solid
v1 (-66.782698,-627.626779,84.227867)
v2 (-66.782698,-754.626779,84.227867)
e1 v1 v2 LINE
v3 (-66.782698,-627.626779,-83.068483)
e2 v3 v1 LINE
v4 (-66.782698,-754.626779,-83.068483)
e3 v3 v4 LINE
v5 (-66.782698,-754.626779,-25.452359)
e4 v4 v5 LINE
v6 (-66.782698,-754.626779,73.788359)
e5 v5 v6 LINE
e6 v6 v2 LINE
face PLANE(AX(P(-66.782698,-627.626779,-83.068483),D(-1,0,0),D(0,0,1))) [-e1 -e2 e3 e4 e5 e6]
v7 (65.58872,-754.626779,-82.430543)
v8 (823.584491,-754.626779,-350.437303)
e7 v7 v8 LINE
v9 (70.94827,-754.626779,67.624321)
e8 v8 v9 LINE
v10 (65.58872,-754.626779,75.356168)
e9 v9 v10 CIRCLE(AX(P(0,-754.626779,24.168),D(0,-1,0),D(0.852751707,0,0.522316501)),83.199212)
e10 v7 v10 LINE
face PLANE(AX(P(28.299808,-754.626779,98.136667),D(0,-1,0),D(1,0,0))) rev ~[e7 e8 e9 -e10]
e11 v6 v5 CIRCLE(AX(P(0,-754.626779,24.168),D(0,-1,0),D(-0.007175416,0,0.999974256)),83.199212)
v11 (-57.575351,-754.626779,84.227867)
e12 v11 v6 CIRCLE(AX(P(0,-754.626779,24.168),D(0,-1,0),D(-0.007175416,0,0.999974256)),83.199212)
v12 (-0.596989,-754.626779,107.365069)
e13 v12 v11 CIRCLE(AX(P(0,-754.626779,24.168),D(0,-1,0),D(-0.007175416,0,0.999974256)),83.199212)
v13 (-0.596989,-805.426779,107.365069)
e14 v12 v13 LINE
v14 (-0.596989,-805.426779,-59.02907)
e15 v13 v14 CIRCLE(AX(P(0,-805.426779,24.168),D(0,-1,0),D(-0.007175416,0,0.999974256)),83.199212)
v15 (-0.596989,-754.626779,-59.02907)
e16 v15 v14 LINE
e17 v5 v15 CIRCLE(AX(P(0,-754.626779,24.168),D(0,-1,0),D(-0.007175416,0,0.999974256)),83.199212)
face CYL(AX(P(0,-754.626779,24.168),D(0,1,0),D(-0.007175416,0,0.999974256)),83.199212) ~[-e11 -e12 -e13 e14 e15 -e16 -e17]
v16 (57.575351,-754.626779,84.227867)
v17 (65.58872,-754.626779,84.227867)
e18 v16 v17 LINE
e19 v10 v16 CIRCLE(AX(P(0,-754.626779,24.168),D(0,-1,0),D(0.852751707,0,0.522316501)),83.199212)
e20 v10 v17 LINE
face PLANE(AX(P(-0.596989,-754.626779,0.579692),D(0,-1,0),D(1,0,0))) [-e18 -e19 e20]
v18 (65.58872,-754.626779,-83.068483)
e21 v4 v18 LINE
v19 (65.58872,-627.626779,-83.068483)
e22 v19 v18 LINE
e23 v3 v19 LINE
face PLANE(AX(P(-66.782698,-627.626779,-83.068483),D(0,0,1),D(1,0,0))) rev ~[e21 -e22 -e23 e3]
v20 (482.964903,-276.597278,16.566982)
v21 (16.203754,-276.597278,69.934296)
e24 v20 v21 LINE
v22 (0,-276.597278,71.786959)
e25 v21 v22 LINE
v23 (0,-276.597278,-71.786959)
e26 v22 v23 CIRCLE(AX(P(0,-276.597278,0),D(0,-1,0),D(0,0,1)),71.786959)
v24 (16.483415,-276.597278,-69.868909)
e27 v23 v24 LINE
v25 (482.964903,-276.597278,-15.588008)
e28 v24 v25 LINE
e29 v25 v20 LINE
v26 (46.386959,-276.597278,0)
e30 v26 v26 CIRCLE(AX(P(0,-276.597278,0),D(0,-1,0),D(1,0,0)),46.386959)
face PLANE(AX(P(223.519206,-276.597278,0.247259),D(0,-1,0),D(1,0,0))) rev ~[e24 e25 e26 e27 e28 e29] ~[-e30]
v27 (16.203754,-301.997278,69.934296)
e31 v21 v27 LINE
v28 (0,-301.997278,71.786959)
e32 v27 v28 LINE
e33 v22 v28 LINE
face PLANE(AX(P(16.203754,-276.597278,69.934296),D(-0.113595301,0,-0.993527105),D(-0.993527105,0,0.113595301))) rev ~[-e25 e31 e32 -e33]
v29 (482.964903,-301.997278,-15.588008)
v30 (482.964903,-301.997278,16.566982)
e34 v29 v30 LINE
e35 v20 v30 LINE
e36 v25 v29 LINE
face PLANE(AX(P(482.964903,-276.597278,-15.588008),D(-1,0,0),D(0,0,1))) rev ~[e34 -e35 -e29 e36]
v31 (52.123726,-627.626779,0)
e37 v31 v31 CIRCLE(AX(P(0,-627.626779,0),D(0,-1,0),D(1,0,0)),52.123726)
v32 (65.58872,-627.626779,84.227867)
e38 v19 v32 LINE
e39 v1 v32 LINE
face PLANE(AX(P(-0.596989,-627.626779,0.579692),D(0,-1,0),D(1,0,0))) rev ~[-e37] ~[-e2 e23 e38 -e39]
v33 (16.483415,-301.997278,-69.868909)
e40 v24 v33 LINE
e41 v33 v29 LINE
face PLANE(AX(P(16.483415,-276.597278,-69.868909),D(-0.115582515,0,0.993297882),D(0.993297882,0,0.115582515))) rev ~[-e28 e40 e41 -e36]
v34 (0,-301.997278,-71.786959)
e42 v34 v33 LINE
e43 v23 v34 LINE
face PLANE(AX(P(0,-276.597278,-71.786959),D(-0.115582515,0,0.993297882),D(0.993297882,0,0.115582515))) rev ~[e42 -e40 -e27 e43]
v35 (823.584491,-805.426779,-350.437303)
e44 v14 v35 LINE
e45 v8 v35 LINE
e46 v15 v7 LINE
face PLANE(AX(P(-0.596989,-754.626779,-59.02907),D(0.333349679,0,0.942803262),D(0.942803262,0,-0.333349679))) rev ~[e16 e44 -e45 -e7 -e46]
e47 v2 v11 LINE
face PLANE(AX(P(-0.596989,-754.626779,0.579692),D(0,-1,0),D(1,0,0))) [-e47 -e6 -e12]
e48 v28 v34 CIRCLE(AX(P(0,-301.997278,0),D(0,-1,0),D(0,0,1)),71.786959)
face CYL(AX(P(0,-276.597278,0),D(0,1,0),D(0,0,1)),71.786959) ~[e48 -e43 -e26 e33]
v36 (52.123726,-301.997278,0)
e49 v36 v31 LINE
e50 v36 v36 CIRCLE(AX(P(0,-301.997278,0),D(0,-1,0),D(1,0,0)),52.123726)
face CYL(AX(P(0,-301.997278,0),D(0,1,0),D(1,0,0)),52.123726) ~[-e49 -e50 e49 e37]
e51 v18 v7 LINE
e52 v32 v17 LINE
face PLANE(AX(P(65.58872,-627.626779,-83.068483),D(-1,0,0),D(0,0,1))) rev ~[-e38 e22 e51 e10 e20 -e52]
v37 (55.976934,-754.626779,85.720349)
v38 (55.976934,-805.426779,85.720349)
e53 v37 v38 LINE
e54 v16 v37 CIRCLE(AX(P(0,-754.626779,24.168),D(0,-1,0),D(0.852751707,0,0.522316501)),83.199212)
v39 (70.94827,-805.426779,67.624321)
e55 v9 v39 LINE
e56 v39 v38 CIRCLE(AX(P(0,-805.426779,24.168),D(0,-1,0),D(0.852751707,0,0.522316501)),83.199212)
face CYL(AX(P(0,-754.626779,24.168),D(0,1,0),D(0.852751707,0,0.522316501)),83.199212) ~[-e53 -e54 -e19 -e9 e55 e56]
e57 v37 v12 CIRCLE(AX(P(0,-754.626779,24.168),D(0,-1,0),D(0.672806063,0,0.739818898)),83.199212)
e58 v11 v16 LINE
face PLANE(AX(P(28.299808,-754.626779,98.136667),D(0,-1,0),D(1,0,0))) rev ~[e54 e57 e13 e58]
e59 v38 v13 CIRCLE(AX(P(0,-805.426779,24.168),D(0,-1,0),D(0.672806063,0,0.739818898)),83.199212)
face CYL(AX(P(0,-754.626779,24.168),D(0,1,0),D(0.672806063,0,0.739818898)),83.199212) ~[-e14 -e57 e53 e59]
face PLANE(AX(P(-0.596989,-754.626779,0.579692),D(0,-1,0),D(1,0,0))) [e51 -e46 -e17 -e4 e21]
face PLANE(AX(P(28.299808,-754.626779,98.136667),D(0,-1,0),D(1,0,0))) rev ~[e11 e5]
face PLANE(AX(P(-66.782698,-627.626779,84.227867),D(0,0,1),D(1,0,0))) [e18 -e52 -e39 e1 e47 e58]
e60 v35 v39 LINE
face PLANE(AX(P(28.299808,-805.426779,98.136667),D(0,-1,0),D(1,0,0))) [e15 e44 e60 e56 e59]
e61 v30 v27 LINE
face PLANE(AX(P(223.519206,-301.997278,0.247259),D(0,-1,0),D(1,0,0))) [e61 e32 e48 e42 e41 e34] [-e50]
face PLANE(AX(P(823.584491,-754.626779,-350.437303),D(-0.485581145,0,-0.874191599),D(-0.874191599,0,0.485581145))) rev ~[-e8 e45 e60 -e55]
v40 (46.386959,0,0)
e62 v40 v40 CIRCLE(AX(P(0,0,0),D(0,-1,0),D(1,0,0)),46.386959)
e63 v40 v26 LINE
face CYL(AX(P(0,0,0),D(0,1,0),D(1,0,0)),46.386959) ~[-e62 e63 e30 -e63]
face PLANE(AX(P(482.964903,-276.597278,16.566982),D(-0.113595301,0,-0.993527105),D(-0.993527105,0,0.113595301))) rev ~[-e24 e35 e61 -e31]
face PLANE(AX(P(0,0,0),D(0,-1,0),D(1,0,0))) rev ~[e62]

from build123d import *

# Parameters (mm, degrees)
F0_R     = 46.3869587869
F7_DEPTH = 276.5972781926
F8_R     = 46.3869587869
F1_DEPTH = 25.4
F2_R     = 52.1237255929
F3_DEPTH = 325.6295006722
F4_W     = 132.3714181781
F4_H     = 167.2963500023
F5_DEPTH = 127
F9_DEPTH = 50.8


with BuildPart() as f7:
    # F0 (on Front) → F7 (new body)
    with BuildSketch(Plane.XZ):
        Circle(F0_R)
    extrude(amount=F7_DEPTH)

    # F8 (on face) → F1 (join)
    with BuildSketch(Plane.XZ.offset(276.5972781926)):
        with BuildLine():
            Line((482.9649029074, 16.5669820287), (16.2037538756, 69.9342963946))
            ThreePointArc((16.2037538756, 69.9342963946), (56.1986906588, 44.6662581834), (71.7869587869, 0))
            ThreePointArc((71.7869587869, 0), (56.2879281413, -44.5537495328), (16.4834153308, -69.8689091865))
            Line((16.4834153308, -69.8689091865), (482.9649029074, -15.5880084808))
            Line((482.9649029074, -15.5880084808), (482.9649029074, 16.5669820287))
        make_face()
        with BuildLine():
            Line((16.2037538756, 69.9342963946), (0, 71.7869587869))
            ThreePointArc((0, 71.7869587869), (-71.7869587869, 0), (0, -71.7869587869))
            Line((0, -71.7869587869), (16.4834153308, -69.8689091865))
            ThreePointArc((16.4834153308, -69.8689091865), (56.2879281413, -44.5537495328), (71.7869587869, 0))
            ThreePointArc((71.7869587869, 0), (56.1986906588, 44.6662581834), (16.2037538756, 69.9342963946))
        make_face()
        Circle(F8_R, mode=Mode.SUBTRACT)
        Circle(F8_R)
    extrude(amount=F1_DEPTH)

    # F2 (on face) → F3 (join)
    with BuildSketch(Plane.XZ.offset(301.9972781926)):
        Circle(F2_R)
    extrude(amount=F3_DEPTH)

    # F4 (on face) → F5 (join)
    with BuildSketch(Plane.XZ.offset(627.6267788649)):
        with Locations((-0.5969889462, 0.5796924233)):
            Rectangle(F4_W, F4_H)
    extrude(amount=F5_DEPTH)

    # F6 (on face) → F9 (join)
    with BuildSketch(Plane.XZ.offset(754.6267788649)):
        with BuildLine():
            Line((-0.5969889462, 107.3650692829), (55.9769339649, 85.7203485594))
            ThreePointArc((55.9769339649, 85.7203485594), (29.7297504424, 101.8741817091), (-0.5969889462, 107.3650692829))
        make_face()
        with BuildLine():
            ThreePointArc((70.9482696087, 67.6243206263), (64.1043554081, 77.2032748025), (55.9769339649, 85.7203485594))
            Line((55.9769339649, 85.7203485594), (-0.5969889462, 107.3650692829))
            Line((-0.5969889462, 107.3650692829), (70.9482696087, 67.6243206263))
        make_face()
        with BuildLine():
            Line((70.9482696087, 67.6243206263), (-0.5969889462, 107.3650692829))
            ThreePointArc((-0.5969889462, 107.3650692829), (-83.1992115072, 24.1679996252), (-0.5969889462, -59.0290700325))
            ThreePointArc((-0.5969889462, -59.0290700325), (58.6192791913, -34.8734172151), (83.1992115072, 24.1679996252))
            ThreePointArc((83.1992115072, 24.1679996252), (80.0779273104, 46.7430821962), (70.9482696087, 67.6243206263))
        make_face()
        with BuildLine():
            Line((823.5844914503, -350.4373025497), (70.9482696087, 67.6243206263))
            ThreePointArc((70.9482696087, 67.6243206263), (80.0779273104, 46.7430821962), (83.1992115072, 24.1679996252))
            ThreePointArc((83.1992115072, 24.1679996252), (58.6192791913, -34.8734172151), (-0.5969889462, -59.0290700325))
            Line((-0.5969889462, -59.0290700325), (823.5844914503, -350.4373025497))
        make_face()
    extrude(amount=F9_DEPTH)


solid = f7.part
